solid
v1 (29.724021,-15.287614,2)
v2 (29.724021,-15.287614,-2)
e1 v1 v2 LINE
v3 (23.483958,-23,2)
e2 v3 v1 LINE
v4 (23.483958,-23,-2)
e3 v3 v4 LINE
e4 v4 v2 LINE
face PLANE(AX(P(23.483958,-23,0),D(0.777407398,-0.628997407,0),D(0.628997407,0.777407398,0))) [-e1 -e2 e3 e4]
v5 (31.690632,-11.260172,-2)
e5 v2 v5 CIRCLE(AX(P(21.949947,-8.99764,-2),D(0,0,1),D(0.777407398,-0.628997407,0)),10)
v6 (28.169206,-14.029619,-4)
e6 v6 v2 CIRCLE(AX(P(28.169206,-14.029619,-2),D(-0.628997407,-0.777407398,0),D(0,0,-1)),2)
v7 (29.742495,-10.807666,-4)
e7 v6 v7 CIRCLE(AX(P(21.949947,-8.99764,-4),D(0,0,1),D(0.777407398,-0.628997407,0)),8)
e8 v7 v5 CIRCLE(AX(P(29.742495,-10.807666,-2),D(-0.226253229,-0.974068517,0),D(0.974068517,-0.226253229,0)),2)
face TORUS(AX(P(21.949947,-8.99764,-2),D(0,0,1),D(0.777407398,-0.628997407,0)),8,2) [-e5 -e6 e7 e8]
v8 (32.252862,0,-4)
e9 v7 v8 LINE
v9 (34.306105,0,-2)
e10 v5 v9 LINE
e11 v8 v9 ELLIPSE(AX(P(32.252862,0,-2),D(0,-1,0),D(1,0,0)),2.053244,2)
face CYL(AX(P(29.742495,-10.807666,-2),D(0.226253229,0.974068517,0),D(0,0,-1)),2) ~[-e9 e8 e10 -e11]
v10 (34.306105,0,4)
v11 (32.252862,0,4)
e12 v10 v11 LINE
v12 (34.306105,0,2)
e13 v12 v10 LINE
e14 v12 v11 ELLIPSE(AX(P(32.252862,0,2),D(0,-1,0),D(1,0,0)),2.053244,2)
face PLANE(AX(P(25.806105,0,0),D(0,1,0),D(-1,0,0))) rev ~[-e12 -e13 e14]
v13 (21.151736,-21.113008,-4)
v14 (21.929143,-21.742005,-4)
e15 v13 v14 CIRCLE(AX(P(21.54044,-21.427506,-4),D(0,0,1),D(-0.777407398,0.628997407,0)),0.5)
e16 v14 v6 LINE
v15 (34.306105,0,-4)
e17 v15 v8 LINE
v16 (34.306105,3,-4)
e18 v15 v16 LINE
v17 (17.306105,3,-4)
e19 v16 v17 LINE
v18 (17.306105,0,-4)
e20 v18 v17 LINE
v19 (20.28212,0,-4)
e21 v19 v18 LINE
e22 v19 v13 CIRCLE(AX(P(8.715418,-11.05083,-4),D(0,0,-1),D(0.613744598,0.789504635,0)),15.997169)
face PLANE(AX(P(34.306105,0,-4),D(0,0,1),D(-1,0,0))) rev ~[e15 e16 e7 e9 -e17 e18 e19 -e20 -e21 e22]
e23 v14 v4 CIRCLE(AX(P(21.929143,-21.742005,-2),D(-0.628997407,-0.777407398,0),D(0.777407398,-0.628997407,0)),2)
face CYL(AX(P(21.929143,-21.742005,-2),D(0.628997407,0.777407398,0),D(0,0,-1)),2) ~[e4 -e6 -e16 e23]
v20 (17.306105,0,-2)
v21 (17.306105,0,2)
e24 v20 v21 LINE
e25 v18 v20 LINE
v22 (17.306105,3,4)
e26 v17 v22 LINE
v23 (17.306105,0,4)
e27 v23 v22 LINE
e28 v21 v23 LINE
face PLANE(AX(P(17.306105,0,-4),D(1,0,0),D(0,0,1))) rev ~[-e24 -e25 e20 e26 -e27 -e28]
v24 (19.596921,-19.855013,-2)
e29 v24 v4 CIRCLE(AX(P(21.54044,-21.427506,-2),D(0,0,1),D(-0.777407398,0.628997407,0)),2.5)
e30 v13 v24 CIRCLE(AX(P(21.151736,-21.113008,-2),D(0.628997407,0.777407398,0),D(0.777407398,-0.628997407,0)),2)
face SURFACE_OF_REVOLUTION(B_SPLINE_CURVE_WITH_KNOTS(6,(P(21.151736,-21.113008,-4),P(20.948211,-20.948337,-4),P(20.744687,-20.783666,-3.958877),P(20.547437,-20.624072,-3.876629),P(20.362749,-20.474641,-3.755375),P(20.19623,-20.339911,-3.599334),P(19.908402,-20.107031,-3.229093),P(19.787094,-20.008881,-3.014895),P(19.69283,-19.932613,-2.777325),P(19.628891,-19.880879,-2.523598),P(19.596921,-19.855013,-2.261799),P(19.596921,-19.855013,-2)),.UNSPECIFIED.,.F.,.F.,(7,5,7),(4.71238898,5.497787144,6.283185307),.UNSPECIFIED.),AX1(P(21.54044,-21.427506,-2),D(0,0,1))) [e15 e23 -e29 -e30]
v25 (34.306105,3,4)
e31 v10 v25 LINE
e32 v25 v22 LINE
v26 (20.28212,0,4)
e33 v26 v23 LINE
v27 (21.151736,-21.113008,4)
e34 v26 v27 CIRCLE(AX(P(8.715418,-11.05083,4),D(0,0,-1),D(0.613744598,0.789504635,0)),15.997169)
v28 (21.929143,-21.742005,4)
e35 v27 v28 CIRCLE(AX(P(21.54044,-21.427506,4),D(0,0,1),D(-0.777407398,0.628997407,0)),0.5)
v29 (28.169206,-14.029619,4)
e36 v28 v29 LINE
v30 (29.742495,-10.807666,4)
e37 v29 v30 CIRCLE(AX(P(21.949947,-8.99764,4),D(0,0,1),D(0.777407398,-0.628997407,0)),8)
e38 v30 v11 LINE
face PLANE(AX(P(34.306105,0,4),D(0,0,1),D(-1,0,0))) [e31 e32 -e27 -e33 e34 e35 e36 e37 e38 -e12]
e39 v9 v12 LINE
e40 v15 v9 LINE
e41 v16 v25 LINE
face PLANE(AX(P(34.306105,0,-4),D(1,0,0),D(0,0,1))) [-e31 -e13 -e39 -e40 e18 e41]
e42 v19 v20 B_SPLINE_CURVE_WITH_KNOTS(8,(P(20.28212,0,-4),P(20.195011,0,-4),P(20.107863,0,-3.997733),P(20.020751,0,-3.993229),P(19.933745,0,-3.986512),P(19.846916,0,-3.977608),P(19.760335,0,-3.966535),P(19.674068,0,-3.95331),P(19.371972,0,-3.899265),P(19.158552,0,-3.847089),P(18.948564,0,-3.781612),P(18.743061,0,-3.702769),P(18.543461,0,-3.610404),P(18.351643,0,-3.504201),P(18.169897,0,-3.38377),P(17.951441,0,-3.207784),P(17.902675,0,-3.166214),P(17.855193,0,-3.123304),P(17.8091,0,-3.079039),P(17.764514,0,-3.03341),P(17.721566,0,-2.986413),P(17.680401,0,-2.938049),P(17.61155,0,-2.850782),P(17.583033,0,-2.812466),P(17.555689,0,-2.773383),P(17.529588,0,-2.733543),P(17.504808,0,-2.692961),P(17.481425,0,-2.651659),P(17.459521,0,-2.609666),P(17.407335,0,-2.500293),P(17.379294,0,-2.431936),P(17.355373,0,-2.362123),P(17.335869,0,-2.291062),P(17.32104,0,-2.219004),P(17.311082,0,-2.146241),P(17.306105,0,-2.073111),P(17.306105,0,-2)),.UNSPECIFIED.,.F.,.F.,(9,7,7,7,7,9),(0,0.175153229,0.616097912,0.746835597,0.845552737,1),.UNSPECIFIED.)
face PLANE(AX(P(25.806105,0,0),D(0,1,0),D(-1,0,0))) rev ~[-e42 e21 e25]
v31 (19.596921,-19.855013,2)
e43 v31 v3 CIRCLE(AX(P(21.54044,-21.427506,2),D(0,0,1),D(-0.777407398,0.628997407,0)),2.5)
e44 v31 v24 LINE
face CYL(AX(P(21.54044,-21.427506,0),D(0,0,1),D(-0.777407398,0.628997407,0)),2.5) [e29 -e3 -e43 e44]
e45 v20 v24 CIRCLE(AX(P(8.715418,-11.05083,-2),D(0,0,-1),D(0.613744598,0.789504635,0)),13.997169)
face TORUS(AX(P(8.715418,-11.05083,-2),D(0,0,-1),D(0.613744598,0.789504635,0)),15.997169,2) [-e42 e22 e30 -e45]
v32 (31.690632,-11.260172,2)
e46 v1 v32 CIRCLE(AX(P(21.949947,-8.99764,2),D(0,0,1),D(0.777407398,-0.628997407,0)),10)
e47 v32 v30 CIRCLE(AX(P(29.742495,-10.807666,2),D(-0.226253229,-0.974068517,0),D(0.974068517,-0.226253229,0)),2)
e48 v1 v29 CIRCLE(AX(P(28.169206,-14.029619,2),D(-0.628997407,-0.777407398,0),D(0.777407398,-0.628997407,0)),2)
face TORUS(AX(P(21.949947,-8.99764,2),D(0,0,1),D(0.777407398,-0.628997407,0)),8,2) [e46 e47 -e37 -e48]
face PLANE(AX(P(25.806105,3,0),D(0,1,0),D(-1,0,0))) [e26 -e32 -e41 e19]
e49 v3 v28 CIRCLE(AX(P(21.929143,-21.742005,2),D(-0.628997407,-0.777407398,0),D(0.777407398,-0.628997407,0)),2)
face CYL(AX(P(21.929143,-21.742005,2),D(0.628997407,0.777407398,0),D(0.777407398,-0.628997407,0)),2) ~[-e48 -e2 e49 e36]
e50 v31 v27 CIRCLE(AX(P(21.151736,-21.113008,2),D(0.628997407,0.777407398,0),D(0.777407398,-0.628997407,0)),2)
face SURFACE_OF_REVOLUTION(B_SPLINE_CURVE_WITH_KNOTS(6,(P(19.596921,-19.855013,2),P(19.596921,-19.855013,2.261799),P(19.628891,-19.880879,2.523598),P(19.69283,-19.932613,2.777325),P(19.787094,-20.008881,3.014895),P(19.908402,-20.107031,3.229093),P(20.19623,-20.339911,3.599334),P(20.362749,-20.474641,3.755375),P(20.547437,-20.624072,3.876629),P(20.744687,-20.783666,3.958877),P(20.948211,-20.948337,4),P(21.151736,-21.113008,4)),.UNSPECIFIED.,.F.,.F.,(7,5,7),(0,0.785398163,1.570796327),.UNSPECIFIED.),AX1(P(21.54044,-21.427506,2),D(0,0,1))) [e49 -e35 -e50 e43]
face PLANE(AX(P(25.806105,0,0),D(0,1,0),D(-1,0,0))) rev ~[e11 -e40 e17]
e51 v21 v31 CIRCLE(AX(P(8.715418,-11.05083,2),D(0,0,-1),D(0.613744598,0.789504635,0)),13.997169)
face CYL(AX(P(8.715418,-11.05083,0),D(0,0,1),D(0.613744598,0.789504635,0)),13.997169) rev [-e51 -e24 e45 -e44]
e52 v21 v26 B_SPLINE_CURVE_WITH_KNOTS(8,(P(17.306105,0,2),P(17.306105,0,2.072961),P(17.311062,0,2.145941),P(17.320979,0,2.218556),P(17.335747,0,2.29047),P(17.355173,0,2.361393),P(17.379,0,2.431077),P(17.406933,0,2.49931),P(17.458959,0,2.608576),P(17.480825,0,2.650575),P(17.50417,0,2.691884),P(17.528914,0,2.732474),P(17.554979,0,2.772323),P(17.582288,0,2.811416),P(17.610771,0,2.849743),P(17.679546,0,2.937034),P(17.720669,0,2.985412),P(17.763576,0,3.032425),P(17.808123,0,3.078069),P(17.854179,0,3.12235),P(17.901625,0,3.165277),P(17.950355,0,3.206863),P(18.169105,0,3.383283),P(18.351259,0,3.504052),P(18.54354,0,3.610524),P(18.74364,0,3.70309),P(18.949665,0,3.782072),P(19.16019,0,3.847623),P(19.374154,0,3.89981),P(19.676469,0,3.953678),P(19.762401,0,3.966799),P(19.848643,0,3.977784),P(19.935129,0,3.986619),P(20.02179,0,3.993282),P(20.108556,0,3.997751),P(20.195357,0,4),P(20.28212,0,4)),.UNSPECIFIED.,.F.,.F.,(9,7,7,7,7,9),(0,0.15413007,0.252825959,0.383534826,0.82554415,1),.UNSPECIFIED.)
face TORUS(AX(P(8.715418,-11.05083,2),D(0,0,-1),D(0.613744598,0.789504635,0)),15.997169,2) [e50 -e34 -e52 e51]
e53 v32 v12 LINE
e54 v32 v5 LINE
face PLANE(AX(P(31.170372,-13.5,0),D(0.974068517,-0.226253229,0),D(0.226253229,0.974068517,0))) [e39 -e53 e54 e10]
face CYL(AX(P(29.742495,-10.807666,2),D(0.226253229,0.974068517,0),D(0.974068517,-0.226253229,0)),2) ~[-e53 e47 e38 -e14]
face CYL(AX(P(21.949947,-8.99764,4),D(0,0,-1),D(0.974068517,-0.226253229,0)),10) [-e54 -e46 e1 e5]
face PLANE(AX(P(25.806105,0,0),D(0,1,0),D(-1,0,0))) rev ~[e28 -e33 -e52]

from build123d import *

# Parameters (mm, degrees)
F1_DEPTH = 4
F2_R     = 10
F3_R     = 2
F4_W     = 17
F4_H     = 8
F5_DEPTH = 3


with BuildPart() as f1:
    # F0 (on Top) → F1 (new body, symmetric)
    with BuildSketch(Plane.XY):
        with BuildLine():
            Line((31.1703724303, -13.5), (34.3061052263, 0))
            Line((34.3061052263, 0), (17.3061052263, 0))
            ThreePointArc((17.3061052263, 0), (22.6203428996, -9.4465185643), (19.5969211067, -19.8550129652))
            ThreePointArc((19.5969211067, -19.8550129652), (19.9679460836, -23.371024977), (23.4839580953, -23))
            Line((23.4839580953, -23), (31.1703724303, -13.5))
        make_face()
    extrude(amount=F1_DEPTH, both=True)

    # F2
    f2_edges = [f1.edges().sort_by_distance(p)[0] for p in [
        (31.170372, -13.5, 0),
    ]]
    fillet(f2_edges, radius=F2_R)

    # F3
    f3_edges = [f1.edges().sort_by_distance(p)[0] for p in [
        (32.998368, -5.630086, 4),
        (30.935867, -13.38549, 4),
        (26.603989, -19.143807, 4),
        (19.967946, -23.371025, 4),
        (22.620343, -9.446519, 4),
        (22.620343, -9.446519, -4),
        (19.967946, -23.371025, -4),
        (26.603989, -19.143807, -4),
        (30.935867, -13.38549, -4),
        (32.998368, -5.630086, -4),
    ]]
    fillet(f3_edges, radius=F3_R)

    # F4 (on face) → F5 (join)
    with BuildSketch(Plane(origin=(0, 0, 0), x_dir=(-1, 0, 0), z_dir=(0, 1, 0))):
        with Locations((-25.8061052263, 0)):
            Rectangle(F4_W, F4_H)
    extrude(amount=F5_DEPTH)


solid = f1.part
